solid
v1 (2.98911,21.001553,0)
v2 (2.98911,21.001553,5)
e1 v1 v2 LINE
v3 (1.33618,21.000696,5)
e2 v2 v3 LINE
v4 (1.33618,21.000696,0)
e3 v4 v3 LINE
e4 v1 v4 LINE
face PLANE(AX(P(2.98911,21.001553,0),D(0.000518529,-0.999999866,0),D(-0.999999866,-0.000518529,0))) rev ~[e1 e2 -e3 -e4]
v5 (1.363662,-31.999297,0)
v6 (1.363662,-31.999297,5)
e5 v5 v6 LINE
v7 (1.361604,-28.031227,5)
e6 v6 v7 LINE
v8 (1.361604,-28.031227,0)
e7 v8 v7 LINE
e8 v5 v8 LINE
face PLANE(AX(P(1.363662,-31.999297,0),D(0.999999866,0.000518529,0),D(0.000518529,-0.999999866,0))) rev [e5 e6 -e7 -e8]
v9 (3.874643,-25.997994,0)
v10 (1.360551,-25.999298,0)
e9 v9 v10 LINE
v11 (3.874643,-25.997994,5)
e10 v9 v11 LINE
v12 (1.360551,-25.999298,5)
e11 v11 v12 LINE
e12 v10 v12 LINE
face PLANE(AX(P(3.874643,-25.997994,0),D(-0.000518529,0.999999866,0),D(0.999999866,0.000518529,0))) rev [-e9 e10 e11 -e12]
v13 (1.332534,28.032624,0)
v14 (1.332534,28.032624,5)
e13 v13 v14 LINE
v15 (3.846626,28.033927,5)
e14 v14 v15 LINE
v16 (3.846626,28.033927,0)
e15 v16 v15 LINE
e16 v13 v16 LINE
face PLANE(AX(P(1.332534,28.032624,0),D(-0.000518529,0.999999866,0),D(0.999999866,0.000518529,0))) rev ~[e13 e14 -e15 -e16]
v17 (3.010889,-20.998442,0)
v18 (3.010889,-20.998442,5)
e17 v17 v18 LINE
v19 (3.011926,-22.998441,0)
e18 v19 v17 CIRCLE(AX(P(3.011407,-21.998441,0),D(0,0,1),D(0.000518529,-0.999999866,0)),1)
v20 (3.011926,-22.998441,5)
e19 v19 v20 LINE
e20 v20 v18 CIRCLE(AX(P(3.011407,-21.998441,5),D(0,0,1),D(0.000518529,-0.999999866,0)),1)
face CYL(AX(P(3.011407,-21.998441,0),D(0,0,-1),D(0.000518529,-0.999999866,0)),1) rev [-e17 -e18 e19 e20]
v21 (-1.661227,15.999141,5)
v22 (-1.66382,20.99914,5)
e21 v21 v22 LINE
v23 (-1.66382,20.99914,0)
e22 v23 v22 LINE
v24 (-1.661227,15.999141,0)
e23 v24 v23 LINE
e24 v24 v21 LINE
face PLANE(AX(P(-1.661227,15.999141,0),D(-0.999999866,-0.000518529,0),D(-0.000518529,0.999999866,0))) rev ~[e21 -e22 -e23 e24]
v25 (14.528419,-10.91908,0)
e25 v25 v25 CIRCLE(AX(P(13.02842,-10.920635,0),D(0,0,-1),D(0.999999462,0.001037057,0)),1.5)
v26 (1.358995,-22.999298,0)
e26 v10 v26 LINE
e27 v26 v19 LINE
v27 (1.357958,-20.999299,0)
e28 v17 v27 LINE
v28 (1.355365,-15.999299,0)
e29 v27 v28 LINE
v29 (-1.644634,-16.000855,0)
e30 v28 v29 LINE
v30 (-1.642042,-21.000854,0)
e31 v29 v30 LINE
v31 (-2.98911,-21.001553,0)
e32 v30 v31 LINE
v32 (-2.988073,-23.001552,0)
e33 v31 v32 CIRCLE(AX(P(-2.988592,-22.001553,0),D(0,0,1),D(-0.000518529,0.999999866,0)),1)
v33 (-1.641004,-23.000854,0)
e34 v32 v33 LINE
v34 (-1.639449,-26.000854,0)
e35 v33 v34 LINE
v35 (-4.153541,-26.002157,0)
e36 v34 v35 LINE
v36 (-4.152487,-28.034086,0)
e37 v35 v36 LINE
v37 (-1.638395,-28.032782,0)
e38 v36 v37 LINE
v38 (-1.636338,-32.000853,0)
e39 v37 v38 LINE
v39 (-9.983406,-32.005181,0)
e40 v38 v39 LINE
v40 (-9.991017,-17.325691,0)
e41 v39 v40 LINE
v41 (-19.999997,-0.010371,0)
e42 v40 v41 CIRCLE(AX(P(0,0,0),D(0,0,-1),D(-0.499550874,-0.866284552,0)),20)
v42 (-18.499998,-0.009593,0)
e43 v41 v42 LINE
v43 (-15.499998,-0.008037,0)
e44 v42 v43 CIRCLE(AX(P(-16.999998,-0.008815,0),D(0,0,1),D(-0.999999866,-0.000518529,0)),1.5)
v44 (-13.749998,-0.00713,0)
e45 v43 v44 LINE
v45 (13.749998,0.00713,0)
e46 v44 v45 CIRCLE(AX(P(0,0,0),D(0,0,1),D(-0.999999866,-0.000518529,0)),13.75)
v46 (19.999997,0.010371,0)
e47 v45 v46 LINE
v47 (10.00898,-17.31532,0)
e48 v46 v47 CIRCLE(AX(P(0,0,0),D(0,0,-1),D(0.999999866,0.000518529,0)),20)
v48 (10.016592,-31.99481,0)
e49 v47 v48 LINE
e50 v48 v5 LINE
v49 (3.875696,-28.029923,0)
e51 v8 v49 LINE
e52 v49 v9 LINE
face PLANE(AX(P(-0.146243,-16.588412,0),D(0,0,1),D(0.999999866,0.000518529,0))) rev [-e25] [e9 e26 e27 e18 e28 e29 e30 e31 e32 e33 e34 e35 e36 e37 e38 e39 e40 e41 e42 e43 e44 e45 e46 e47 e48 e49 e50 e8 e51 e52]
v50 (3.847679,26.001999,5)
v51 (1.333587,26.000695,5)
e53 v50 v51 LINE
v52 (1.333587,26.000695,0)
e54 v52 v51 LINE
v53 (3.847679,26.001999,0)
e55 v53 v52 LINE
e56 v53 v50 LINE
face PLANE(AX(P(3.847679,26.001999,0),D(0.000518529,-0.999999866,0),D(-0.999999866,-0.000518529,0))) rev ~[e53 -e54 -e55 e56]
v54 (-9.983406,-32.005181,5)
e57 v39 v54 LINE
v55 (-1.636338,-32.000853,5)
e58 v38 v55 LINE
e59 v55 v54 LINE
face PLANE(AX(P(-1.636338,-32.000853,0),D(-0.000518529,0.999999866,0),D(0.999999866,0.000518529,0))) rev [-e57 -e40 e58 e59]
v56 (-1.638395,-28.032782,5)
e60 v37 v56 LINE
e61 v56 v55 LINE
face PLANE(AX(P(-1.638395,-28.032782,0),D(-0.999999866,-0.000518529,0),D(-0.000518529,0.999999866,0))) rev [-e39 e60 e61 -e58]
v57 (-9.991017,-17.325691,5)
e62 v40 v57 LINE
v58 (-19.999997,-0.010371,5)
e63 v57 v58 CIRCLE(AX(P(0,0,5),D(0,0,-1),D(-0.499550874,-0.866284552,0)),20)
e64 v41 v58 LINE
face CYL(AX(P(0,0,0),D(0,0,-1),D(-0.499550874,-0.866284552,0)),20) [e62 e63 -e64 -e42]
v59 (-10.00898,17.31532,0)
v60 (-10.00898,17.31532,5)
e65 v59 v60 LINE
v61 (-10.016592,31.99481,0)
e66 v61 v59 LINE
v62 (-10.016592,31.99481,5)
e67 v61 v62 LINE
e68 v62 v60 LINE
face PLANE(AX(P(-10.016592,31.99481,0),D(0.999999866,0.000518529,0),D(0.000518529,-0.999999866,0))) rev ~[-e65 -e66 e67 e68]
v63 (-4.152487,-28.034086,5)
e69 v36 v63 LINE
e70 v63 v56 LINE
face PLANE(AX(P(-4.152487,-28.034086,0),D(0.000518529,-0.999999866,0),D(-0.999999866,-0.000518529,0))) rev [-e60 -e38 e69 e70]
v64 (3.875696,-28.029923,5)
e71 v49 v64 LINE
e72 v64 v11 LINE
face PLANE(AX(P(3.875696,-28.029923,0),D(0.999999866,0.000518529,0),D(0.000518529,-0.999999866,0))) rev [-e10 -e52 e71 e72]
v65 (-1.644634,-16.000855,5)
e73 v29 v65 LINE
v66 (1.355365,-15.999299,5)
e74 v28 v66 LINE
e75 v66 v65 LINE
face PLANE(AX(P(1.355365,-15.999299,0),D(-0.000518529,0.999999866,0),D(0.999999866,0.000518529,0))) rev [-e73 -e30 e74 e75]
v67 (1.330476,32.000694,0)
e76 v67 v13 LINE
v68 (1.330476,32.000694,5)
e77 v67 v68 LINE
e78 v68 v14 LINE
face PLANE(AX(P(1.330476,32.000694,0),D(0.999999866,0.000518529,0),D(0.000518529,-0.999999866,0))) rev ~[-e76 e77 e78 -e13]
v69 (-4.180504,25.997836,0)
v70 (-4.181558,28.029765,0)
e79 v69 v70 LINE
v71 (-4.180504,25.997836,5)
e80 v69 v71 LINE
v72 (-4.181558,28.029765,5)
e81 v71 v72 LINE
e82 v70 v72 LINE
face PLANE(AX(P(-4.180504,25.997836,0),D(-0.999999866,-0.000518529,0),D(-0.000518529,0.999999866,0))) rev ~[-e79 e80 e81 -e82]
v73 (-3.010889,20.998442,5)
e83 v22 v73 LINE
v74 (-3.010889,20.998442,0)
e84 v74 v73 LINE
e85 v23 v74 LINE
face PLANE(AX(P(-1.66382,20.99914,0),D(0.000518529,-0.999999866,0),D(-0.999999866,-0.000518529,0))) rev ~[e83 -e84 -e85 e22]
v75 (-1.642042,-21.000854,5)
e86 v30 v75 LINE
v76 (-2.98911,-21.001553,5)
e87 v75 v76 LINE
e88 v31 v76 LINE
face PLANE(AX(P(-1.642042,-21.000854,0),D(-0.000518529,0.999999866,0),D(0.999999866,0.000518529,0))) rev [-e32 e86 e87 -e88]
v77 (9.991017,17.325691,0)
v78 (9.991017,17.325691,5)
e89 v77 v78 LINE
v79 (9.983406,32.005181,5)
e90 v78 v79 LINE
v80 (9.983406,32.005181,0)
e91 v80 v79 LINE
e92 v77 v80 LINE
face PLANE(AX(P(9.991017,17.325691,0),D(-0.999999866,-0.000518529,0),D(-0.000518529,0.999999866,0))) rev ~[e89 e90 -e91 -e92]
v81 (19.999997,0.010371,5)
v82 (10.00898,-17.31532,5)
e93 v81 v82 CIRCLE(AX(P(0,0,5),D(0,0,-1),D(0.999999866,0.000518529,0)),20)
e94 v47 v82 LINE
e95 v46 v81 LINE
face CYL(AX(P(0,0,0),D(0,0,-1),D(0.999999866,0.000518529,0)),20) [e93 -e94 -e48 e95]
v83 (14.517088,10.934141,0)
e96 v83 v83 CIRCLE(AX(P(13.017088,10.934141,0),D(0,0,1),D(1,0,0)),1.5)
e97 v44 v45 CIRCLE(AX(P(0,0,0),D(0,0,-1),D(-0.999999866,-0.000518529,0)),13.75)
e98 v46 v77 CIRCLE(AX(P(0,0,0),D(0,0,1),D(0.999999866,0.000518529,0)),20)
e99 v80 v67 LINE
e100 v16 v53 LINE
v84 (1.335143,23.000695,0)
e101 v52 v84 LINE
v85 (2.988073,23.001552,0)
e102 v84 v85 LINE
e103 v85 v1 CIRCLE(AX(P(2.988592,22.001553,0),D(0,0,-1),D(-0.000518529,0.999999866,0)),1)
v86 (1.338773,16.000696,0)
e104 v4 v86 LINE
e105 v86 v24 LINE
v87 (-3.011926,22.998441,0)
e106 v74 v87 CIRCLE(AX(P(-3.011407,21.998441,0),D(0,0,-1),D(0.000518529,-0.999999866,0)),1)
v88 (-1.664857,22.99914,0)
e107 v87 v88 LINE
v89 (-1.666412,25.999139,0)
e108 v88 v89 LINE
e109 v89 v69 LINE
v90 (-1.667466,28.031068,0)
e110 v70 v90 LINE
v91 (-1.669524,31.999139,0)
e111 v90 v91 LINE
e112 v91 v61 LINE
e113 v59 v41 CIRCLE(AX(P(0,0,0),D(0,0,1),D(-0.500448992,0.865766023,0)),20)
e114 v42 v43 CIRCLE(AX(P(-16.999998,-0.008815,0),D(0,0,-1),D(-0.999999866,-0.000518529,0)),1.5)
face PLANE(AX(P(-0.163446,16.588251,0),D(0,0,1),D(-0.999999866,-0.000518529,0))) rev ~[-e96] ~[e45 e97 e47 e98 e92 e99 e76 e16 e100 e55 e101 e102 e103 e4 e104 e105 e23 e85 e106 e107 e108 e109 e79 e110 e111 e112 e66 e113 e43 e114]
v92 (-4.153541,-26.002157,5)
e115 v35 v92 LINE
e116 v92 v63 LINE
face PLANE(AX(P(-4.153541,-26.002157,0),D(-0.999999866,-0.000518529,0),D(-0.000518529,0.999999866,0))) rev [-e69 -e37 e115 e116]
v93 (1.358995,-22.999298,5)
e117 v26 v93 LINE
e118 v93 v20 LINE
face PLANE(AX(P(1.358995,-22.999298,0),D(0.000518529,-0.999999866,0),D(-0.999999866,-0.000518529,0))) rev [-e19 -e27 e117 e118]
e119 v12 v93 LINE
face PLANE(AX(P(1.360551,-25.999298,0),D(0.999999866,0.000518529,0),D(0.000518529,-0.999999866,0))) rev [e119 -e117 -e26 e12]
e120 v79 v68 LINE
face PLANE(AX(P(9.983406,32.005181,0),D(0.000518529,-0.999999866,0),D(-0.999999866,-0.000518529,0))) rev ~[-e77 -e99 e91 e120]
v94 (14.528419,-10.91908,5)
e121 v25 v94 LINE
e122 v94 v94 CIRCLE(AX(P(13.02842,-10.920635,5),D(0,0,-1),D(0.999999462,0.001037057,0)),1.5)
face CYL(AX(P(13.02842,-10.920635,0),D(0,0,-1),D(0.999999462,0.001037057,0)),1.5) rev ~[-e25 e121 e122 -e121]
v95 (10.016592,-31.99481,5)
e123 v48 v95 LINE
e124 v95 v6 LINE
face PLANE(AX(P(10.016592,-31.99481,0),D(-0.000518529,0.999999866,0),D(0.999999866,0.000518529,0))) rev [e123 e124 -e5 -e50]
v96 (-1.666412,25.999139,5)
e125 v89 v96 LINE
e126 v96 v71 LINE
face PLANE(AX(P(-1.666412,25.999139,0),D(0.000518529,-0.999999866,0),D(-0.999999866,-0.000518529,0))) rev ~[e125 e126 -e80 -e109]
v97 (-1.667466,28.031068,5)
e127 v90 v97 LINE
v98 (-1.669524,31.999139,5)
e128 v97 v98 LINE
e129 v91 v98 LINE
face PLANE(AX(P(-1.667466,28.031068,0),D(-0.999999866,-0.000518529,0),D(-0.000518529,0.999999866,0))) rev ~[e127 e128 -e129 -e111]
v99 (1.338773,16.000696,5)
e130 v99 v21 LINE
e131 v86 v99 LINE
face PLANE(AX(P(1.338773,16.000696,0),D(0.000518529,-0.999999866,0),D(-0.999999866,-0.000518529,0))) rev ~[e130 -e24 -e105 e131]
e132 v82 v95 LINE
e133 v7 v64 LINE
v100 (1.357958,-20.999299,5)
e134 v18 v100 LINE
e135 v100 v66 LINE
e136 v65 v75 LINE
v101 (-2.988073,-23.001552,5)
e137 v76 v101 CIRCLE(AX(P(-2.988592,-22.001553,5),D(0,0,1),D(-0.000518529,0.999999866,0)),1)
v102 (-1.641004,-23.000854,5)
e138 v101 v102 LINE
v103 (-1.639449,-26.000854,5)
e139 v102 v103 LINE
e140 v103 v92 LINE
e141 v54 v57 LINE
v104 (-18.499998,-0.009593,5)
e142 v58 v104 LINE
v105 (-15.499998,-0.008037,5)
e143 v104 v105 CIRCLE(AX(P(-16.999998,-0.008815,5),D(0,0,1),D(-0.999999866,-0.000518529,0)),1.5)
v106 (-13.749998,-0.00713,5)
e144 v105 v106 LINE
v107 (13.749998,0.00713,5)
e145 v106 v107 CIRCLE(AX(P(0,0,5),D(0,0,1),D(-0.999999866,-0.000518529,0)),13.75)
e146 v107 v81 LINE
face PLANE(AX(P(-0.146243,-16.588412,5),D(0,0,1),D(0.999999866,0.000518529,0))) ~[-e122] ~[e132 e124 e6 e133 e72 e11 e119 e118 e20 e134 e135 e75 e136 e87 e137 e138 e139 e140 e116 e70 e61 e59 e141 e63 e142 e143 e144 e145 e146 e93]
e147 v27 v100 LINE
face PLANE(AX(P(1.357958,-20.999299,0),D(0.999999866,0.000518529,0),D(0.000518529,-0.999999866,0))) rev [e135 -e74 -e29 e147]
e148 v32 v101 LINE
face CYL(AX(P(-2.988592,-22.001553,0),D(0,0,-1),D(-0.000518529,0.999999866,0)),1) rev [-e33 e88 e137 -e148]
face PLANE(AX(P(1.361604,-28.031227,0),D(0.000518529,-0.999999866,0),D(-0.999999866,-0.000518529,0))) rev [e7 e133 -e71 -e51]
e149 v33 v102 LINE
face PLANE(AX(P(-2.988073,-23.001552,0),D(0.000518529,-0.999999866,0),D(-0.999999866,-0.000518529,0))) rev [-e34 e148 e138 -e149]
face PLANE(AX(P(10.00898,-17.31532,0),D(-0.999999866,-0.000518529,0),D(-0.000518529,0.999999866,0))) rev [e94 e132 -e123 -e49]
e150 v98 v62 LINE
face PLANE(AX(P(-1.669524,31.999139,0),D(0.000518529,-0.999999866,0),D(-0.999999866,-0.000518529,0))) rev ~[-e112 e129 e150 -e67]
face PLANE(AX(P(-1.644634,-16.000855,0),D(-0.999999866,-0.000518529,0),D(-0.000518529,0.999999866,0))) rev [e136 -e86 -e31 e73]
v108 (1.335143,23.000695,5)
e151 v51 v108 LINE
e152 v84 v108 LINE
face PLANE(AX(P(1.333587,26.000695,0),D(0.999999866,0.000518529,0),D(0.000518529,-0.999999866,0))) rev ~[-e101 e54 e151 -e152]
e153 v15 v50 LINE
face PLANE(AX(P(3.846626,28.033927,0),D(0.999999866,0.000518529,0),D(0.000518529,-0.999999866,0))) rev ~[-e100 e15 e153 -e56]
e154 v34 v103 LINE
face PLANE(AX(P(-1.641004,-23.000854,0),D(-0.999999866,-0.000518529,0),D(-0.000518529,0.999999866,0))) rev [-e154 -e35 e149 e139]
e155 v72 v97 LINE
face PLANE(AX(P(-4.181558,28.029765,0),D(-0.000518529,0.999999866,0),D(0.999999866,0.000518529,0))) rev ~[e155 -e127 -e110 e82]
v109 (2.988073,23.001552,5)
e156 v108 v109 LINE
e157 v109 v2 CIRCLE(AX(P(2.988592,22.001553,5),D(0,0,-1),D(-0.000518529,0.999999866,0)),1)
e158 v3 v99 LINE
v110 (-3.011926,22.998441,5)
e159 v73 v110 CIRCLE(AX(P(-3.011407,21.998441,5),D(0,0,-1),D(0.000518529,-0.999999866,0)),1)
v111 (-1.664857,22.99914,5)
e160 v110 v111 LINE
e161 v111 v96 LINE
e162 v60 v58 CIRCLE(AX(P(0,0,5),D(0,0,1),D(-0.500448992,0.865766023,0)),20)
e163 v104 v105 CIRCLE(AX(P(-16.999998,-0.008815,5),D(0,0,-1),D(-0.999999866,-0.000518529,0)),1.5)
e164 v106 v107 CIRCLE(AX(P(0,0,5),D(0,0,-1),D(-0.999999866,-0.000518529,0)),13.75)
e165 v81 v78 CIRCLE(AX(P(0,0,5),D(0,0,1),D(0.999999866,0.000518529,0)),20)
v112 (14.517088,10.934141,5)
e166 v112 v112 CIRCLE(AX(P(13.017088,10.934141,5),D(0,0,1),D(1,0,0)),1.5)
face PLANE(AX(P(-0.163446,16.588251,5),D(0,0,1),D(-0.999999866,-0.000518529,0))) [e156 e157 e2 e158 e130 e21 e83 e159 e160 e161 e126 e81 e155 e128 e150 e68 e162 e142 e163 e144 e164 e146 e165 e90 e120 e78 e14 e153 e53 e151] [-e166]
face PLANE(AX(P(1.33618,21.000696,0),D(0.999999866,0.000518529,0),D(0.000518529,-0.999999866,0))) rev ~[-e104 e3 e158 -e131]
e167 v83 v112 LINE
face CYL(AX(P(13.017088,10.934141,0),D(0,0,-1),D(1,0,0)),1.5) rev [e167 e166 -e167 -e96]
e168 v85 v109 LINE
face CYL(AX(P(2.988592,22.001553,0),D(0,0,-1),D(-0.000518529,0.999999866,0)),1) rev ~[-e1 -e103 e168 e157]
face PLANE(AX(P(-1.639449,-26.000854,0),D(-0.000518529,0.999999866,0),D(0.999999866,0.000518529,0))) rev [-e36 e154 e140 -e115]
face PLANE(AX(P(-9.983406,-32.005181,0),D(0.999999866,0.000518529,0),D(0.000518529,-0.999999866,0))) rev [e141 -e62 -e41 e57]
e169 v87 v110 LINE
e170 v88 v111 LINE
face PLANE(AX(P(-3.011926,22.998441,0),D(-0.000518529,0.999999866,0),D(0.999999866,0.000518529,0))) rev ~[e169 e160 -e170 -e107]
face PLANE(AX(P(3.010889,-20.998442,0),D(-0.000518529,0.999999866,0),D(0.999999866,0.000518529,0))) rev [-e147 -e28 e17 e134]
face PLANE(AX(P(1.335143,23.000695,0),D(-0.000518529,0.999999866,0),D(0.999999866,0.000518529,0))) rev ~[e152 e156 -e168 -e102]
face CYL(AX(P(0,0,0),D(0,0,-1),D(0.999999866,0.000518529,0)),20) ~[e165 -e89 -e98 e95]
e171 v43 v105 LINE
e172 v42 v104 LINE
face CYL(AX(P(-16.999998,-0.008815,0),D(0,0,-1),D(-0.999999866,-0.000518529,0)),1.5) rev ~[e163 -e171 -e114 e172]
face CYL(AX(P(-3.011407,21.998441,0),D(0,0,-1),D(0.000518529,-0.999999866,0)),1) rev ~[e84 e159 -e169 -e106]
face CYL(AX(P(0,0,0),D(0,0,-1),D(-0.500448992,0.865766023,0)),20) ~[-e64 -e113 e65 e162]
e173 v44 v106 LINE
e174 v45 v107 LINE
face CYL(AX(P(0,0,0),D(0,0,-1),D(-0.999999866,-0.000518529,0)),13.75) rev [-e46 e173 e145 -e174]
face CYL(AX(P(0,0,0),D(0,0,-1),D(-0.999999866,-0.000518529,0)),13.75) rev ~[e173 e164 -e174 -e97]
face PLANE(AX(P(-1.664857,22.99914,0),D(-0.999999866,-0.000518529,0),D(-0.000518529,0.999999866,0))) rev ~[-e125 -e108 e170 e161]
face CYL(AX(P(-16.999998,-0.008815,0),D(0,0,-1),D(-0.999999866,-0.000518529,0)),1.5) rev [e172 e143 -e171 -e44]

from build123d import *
from build123d.topology import SkipClean

# Parameters (mm, degrees)
SKETCH1_R           = 1.5
BOSS_EXTRUDE1_DEPTH = 5


with BuildPart() as part:
    # Sketch1 → Boss-Extrude1 (new body)
    with BuildSketch(Plane(origin=(0, 0, 0), x_dir=(-0.9999998655639977, -0.000518528674721734, 0), z_dir=(0, 0, 1))):
        with BuildLine():
            Line((20, 0), (18.5, 0))
            ThreePointArc((18.5, 0), (17, -1.5), (15.5, 0))
            Line((15.5, 0), (13.75, 0))
            ThreePointArc((13.75, 0), (0, -13.75), (-13.75, 0))
            Line((-13.75, 0), (-20, 0))
            ThreePointArc((-20, 0), (-17.320508076, -10), (-10, -17.320508076))
            Line((-10, -17.320508076), (-10, -32))
            Line((-10, -32), (-1.347069158, -32))
            Line((-1.347069158, -32), (-1.347069158, -28.031929013))
            Line((-1.347069158, -28.031929013), (-3.861161574, -28.031929013))
            Line((-3.861161574, -28.031929013), (-3.861161574, -26))
            Line((-3.861161574, -26), (-1.347069158, -26))
            Line((-1.347069158, -26), (-1.347069158, -23))
            Line((-1.347069158, -23), (-3, -23))
            ThreePointArc((-3, -23), (-4, -22), (-3, -21))
            Line((-3, -21), (-1.347069158, -21))
            Line((-1.347069158, -21), (-1.347069158, -16))
            Line((-1.347069158, -16), (1.652930842, -16))
            Line((1.652930842, -16), (1.652930842, -21))
            Line((1.652930842, -21), (3, -21))
            ThreePointArc((3, -21), (4, -22), (3, -23))
            Line((3, -23), (1.652930842, -23))
            Line((1.652930842, -23), (1.652930842, -26))
            Line((1.652930842, -26), (4.167023259, -26))
            Line((4.167023259, -26), (4.167023259, -28.031929013))
            Line((4.167023259, -28.031929013), (1.652930842, -28.031929013))
            Line((1.652930842, -28.031929013), (1.652930842, -32))
            Line((1.652930842, -32), (10, -32))
            Line((10, -32), (10, -17.320508076))
            ThreePointArc((10, -17.320508076), (17.320508076, -10), (20, 0))
        make_face()
        with Locations(Location((-13.022755533, -10.927389365, 0), (0, 0, 179.970290494))):
            Circle(SKETCH1_R, mode=Mode.SUBTRACT)
    boss_extrude1 = extrude(amount=BOSS_EXTRUDE1_DEPTH)

    # Mirror1: Boss-Extrude1 across plane
    with SkipClean():  # the faces are left unmerged after this step: merging them gives an invalid solid
        add(boss_extrude1.mirror(Plane(origin=(-1.06692597, -0.000553232, 5), x_dir=(0, 0, 1), z_dir=(-0.0005185286747217338, 0.9999998655639978, 0))))


solid = part.part
